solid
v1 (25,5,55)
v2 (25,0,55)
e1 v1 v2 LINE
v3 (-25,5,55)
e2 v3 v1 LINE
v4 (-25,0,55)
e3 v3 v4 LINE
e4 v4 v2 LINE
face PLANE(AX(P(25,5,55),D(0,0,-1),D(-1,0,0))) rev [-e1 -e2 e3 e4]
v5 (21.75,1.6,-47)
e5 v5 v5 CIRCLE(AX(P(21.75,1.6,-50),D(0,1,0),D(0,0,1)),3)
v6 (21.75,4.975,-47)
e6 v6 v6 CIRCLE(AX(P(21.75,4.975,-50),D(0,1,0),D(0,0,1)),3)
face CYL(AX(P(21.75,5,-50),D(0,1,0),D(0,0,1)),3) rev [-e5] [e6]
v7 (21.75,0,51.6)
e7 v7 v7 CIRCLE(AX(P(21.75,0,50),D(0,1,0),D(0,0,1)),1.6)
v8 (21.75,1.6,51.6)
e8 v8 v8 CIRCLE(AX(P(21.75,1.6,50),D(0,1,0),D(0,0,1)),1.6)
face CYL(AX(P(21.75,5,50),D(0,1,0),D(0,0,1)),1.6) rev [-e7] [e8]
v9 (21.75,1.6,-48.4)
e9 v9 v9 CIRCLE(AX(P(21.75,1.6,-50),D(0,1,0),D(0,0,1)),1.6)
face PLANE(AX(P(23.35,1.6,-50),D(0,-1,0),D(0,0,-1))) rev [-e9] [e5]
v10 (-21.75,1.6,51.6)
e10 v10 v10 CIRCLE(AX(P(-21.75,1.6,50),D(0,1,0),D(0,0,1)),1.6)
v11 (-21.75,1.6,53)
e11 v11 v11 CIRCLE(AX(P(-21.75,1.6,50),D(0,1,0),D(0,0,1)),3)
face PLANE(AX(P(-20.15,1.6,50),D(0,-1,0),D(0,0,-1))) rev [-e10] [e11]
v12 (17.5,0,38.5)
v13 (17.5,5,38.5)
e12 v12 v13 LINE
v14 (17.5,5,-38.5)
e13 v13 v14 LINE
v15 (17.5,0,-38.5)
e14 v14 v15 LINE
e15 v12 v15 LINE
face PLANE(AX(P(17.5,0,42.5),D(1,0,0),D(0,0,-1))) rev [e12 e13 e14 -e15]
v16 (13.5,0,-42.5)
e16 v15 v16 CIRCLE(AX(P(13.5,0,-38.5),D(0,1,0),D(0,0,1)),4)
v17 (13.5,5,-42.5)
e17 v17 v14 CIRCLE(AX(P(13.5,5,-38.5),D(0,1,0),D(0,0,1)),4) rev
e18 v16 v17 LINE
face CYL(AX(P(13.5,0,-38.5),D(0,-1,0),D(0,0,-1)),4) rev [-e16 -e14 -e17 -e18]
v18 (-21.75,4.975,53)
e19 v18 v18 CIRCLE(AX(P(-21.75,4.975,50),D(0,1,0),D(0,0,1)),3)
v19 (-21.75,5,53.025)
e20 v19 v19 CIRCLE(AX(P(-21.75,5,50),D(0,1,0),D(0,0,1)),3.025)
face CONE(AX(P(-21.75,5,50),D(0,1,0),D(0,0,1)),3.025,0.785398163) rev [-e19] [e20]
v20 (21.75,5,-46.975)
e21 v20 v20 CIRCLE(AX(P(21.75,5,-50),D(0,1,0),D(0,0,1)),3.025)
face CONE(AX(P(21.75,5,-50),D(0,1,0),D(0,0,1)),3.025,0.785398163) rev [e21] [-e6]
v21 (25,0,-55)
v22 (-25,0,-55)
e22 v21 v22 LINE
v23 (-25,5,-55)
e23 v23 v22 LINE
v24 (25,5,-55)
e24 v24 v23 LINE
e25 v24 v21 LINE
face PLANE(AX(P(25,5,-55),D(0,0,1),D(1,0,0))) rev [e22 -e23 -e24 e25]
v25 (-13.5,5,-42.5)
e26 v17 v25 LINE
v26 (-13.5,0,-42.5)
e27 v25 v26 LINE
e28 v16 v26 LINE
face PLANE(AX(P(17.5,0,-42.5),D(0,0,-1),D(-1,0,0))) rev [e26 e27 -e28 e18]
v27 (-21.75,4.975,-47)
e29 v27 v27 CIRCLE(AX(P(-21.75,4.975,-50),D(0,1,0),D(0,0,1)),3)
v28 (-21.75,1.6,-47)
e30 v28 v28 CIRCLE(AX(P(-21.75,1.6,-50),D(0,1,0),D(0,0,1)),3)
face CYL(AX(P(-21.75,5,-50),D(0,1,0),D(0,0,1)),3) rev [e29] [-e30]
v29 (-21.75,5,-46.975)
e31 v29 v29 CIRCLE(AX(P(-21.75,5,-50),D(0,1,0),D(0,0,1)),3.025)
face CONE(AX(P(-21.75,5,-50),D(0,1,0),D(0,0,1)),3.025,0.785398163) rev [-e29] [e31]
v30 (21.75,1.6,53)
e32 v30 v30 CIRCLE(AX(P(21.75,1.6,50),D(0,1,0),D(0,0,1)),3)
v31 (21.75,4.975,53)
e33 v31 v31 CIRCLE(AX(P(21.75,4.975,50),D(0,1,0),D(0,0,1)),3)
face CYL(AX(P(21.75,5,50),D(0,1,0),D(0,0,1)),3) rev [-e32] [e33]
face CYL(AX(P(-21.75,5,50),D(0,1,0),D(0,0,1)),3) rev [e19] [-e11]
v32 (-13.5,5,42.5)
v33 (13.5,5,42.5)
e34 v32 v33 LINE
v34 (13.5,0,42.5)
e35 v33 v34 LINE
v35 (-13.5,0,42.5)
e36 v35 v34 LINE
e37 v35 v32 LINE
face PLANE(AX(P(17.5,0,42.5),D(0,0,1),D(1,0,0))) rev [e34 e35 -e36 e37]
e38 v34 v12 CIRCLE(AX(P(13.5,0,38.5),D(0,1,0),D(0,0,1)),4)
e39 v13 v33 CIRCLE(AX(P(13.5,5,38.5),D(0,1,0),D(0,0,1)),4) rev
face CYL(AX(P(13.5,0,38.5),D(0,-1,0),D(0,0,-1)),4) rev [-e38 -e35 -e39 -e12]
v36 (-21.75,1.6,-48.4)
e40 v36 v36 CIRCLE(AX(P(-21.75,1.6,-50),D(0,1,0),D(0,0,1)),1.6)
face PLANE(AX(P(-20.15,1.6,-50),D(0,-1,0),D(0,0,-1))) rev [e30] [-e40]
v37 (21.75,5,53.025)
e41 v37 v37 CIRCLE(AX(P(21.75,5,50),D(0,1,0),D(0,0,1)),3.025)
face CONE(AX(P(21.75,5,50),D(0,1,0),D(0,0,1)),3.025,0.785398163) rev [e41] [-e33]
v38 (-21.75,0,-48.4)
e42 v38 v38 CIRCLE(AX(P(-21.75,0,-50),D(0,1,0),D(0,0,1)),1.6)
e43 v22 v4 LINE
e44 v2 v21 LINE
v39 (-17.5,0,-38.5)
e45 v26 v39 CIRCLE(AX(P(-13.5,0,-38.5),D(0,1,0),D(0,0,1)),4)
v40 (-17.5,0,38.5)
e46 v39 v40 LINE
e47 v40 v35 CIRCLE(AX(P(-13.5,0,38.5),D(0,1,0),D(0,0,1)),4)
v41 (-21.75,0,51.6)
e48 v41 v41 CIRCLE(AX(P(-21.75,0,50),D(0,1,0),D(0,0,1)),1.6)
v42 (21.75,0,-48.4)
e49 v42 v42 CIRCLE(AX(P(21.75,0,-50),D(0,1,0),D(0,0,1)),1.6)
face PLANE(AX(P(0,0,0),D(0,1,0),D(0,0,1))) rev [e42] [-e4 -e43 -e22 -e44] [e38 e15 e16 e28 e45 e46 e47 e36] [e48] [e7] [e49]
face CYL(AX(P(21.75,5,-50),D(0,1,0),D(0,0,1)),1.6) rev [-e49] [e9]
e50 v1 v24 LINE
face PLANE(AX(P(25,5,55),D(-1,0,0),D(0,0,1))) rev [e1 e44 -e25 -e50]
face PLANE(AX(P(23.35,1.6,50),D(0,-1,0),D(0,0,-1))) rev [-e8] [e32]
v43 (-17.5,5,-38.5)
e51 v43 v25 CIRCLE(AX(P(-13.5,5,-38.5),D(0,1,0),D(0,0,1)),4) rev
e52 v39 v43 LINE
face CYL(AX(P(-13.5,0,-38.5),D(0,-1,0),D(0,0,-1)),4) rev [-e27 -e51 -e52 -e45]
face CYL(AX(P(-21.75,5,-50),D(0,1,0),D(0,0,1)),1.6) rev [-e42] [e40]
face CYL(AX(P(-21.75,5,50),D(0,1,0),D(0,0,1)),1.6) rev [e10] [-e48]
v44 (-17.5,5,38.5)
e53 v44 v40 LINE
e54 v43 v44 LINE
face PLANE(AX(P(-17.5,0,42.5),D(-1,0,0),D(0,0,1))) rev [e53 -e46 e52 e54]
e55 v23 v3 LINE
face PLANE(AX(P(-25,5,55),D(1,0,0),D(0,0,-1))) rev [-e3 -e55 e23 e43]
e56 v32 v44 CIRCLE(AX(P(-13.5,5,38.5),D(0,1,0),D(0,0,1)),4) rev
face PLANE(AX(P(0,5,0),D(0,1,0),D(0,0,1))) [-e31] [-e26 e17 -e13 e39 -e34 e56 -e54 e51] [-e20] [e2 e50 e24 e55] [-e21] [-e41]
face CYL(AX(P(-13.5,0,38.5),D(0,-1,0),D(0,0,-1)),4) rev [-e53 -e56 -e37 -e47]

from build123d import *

# Parameters (mm, degrees)
SKETCH1_W                                    = 50
SKETCH1_H                                    = 110
BOSS_EXTRUDE1_DEPTH                          = 5
CBORE_FOR_M3_HEXAGON_SOCKET_HEAD_CAP_2_COUNT = 2
CBORE_FOR_M3_HEXAGON_SOCKET_HEAD_CAP_2_PITCH = 43.5
CBORE_FOR_M3_HEXAGON_SOCKET_HEAD_CAP_3_COUNT = 2
CBORE_FOR_M3_HEXAGON_SOCKET_HEAD_CAP_3_PITCH = 100
CBORE_FOR_M3_HEXAGON_SOCKET_HEAD_CAP_4_COUNT = 2
CBORE_FOR_M3_HEXAGON_SOCKET_HEAD_CAP_4_PITCH = 109.051593294
SKETCH5_W                                    = 35
SKETCH5_H                                    = 85
CUT_EXTRUDE1_DEPTH                           = 61.621778265
FILLET1_R                                    = 4


with BuildPart() as part:
    # Sketch1 → Boss-Extrude1 (new body)
    with BuildSketch(Plane(origin=(0, 0, 0), x_dir=(1, 0, 0), z_dir=(0, 1, 0))):
        Rectangle(SKETCH1_W, SKETCH1_H)
    extrude(amount=BOSS_EXTRUDE1_DEPTH)

    # Sketch4 → CBORE for M3 Hexagon socket head cap screws1 (revolve, cut)
    with BuildSketch(Plane(origin=(-21.75, 5, -50), x_dir=(0, 0, 1), z_dir=(1, 0, 0))):
        Polygon((0, 0), (0, 10.96137699), (1.6, 10), (1.6, 3.4), (3, 3.4), (3, 0.025), (3.025, 0), align=None)
    cbore_for_m3_hexagon_socket_head_cap_scr = revolve(axis=Axis((-21.75, 11.35, -50), (0, -1, 0)), mode=Mode.SUBTRACT)

    # CBORE for M3 Hexagon socket head cap 2: CBORE for M3 Hexagon socket head cap screws1 ×2
    with Locations(*[(i * CBORE_FOR_M3_HEXAGON_SOCKET_HEAD_CAP_2_PITCH, 0, 0) for i in range(1, CBORE_FOR_M3_HEXAGON_SOCKET_HEAD_CAP_2_COUNT)]):
        add(cbore_for_m3_hexagon_socket_head_cap_scr, mode=Mode.SUBTRACT)

    # CBORE for M3 Hexagon socket head cap 3: CBORE for M3 Hexagon socket head cap screws1 ×2
    with Locations(*[(0, 0, i * CBORE_FOR_M3_HEXAGON_SOCKET_HEAD_CAP_3_PITCH) for i in range(1, CBORE_FOR_M3_HEXAGON_SOCKET_HEAD_CAP_3_COUNT)]):
        add(cbore_for_m3_hexagon_socket_head_cap_scr, mode=Mode.SUBTRACT)

    # CBORE for M3 Hexagon socket head cap 4: CBORE for M3 Hexagon socket head cap screws1 ×2
    with Locations(*[Vector(0.3988937592379055, 0, 0.9169971476733457) * (i * CBORE_FOR_M3_HEXAGON_SOCKET_HEAD_CAP_4_PITCH) for i in range(1, CBORE_FOR_M3_HEXAGON_SOCKET_HEAD_CAP_4_COUNT)]):
        add(cbore_for_m3_hexagon_socket_head_cap_scr, mode=Mode.SUBTRACT)

    # Sketch5 → Cut-Extrude1 (cut, through all)
    with BuildSketch(Plane(origin=(0, 5, 0), x_dir=(1, 0, 0), z_dir=(0, 1, 0))):
        Rectangle(SKETCH5_W, SKETCH5_H)
    extrude(amount=-CUT_EXTRUDE1_DEPTH, mode=Mode.SUBTRACT)

    # Fillet1
    fillet1_edges = [part.edges().sort_by_distance(p)[0] for p in [
        (-17.5, 2.5, 42.5),
        (-17.5, 2.5, -42.5),
        (17.5, 2.5, -42.5),
        (17.5, 2.5, 42.5),
    ]]
    fillet(fillet1_edges, radius=FILLET1_R)


solid = part.part
